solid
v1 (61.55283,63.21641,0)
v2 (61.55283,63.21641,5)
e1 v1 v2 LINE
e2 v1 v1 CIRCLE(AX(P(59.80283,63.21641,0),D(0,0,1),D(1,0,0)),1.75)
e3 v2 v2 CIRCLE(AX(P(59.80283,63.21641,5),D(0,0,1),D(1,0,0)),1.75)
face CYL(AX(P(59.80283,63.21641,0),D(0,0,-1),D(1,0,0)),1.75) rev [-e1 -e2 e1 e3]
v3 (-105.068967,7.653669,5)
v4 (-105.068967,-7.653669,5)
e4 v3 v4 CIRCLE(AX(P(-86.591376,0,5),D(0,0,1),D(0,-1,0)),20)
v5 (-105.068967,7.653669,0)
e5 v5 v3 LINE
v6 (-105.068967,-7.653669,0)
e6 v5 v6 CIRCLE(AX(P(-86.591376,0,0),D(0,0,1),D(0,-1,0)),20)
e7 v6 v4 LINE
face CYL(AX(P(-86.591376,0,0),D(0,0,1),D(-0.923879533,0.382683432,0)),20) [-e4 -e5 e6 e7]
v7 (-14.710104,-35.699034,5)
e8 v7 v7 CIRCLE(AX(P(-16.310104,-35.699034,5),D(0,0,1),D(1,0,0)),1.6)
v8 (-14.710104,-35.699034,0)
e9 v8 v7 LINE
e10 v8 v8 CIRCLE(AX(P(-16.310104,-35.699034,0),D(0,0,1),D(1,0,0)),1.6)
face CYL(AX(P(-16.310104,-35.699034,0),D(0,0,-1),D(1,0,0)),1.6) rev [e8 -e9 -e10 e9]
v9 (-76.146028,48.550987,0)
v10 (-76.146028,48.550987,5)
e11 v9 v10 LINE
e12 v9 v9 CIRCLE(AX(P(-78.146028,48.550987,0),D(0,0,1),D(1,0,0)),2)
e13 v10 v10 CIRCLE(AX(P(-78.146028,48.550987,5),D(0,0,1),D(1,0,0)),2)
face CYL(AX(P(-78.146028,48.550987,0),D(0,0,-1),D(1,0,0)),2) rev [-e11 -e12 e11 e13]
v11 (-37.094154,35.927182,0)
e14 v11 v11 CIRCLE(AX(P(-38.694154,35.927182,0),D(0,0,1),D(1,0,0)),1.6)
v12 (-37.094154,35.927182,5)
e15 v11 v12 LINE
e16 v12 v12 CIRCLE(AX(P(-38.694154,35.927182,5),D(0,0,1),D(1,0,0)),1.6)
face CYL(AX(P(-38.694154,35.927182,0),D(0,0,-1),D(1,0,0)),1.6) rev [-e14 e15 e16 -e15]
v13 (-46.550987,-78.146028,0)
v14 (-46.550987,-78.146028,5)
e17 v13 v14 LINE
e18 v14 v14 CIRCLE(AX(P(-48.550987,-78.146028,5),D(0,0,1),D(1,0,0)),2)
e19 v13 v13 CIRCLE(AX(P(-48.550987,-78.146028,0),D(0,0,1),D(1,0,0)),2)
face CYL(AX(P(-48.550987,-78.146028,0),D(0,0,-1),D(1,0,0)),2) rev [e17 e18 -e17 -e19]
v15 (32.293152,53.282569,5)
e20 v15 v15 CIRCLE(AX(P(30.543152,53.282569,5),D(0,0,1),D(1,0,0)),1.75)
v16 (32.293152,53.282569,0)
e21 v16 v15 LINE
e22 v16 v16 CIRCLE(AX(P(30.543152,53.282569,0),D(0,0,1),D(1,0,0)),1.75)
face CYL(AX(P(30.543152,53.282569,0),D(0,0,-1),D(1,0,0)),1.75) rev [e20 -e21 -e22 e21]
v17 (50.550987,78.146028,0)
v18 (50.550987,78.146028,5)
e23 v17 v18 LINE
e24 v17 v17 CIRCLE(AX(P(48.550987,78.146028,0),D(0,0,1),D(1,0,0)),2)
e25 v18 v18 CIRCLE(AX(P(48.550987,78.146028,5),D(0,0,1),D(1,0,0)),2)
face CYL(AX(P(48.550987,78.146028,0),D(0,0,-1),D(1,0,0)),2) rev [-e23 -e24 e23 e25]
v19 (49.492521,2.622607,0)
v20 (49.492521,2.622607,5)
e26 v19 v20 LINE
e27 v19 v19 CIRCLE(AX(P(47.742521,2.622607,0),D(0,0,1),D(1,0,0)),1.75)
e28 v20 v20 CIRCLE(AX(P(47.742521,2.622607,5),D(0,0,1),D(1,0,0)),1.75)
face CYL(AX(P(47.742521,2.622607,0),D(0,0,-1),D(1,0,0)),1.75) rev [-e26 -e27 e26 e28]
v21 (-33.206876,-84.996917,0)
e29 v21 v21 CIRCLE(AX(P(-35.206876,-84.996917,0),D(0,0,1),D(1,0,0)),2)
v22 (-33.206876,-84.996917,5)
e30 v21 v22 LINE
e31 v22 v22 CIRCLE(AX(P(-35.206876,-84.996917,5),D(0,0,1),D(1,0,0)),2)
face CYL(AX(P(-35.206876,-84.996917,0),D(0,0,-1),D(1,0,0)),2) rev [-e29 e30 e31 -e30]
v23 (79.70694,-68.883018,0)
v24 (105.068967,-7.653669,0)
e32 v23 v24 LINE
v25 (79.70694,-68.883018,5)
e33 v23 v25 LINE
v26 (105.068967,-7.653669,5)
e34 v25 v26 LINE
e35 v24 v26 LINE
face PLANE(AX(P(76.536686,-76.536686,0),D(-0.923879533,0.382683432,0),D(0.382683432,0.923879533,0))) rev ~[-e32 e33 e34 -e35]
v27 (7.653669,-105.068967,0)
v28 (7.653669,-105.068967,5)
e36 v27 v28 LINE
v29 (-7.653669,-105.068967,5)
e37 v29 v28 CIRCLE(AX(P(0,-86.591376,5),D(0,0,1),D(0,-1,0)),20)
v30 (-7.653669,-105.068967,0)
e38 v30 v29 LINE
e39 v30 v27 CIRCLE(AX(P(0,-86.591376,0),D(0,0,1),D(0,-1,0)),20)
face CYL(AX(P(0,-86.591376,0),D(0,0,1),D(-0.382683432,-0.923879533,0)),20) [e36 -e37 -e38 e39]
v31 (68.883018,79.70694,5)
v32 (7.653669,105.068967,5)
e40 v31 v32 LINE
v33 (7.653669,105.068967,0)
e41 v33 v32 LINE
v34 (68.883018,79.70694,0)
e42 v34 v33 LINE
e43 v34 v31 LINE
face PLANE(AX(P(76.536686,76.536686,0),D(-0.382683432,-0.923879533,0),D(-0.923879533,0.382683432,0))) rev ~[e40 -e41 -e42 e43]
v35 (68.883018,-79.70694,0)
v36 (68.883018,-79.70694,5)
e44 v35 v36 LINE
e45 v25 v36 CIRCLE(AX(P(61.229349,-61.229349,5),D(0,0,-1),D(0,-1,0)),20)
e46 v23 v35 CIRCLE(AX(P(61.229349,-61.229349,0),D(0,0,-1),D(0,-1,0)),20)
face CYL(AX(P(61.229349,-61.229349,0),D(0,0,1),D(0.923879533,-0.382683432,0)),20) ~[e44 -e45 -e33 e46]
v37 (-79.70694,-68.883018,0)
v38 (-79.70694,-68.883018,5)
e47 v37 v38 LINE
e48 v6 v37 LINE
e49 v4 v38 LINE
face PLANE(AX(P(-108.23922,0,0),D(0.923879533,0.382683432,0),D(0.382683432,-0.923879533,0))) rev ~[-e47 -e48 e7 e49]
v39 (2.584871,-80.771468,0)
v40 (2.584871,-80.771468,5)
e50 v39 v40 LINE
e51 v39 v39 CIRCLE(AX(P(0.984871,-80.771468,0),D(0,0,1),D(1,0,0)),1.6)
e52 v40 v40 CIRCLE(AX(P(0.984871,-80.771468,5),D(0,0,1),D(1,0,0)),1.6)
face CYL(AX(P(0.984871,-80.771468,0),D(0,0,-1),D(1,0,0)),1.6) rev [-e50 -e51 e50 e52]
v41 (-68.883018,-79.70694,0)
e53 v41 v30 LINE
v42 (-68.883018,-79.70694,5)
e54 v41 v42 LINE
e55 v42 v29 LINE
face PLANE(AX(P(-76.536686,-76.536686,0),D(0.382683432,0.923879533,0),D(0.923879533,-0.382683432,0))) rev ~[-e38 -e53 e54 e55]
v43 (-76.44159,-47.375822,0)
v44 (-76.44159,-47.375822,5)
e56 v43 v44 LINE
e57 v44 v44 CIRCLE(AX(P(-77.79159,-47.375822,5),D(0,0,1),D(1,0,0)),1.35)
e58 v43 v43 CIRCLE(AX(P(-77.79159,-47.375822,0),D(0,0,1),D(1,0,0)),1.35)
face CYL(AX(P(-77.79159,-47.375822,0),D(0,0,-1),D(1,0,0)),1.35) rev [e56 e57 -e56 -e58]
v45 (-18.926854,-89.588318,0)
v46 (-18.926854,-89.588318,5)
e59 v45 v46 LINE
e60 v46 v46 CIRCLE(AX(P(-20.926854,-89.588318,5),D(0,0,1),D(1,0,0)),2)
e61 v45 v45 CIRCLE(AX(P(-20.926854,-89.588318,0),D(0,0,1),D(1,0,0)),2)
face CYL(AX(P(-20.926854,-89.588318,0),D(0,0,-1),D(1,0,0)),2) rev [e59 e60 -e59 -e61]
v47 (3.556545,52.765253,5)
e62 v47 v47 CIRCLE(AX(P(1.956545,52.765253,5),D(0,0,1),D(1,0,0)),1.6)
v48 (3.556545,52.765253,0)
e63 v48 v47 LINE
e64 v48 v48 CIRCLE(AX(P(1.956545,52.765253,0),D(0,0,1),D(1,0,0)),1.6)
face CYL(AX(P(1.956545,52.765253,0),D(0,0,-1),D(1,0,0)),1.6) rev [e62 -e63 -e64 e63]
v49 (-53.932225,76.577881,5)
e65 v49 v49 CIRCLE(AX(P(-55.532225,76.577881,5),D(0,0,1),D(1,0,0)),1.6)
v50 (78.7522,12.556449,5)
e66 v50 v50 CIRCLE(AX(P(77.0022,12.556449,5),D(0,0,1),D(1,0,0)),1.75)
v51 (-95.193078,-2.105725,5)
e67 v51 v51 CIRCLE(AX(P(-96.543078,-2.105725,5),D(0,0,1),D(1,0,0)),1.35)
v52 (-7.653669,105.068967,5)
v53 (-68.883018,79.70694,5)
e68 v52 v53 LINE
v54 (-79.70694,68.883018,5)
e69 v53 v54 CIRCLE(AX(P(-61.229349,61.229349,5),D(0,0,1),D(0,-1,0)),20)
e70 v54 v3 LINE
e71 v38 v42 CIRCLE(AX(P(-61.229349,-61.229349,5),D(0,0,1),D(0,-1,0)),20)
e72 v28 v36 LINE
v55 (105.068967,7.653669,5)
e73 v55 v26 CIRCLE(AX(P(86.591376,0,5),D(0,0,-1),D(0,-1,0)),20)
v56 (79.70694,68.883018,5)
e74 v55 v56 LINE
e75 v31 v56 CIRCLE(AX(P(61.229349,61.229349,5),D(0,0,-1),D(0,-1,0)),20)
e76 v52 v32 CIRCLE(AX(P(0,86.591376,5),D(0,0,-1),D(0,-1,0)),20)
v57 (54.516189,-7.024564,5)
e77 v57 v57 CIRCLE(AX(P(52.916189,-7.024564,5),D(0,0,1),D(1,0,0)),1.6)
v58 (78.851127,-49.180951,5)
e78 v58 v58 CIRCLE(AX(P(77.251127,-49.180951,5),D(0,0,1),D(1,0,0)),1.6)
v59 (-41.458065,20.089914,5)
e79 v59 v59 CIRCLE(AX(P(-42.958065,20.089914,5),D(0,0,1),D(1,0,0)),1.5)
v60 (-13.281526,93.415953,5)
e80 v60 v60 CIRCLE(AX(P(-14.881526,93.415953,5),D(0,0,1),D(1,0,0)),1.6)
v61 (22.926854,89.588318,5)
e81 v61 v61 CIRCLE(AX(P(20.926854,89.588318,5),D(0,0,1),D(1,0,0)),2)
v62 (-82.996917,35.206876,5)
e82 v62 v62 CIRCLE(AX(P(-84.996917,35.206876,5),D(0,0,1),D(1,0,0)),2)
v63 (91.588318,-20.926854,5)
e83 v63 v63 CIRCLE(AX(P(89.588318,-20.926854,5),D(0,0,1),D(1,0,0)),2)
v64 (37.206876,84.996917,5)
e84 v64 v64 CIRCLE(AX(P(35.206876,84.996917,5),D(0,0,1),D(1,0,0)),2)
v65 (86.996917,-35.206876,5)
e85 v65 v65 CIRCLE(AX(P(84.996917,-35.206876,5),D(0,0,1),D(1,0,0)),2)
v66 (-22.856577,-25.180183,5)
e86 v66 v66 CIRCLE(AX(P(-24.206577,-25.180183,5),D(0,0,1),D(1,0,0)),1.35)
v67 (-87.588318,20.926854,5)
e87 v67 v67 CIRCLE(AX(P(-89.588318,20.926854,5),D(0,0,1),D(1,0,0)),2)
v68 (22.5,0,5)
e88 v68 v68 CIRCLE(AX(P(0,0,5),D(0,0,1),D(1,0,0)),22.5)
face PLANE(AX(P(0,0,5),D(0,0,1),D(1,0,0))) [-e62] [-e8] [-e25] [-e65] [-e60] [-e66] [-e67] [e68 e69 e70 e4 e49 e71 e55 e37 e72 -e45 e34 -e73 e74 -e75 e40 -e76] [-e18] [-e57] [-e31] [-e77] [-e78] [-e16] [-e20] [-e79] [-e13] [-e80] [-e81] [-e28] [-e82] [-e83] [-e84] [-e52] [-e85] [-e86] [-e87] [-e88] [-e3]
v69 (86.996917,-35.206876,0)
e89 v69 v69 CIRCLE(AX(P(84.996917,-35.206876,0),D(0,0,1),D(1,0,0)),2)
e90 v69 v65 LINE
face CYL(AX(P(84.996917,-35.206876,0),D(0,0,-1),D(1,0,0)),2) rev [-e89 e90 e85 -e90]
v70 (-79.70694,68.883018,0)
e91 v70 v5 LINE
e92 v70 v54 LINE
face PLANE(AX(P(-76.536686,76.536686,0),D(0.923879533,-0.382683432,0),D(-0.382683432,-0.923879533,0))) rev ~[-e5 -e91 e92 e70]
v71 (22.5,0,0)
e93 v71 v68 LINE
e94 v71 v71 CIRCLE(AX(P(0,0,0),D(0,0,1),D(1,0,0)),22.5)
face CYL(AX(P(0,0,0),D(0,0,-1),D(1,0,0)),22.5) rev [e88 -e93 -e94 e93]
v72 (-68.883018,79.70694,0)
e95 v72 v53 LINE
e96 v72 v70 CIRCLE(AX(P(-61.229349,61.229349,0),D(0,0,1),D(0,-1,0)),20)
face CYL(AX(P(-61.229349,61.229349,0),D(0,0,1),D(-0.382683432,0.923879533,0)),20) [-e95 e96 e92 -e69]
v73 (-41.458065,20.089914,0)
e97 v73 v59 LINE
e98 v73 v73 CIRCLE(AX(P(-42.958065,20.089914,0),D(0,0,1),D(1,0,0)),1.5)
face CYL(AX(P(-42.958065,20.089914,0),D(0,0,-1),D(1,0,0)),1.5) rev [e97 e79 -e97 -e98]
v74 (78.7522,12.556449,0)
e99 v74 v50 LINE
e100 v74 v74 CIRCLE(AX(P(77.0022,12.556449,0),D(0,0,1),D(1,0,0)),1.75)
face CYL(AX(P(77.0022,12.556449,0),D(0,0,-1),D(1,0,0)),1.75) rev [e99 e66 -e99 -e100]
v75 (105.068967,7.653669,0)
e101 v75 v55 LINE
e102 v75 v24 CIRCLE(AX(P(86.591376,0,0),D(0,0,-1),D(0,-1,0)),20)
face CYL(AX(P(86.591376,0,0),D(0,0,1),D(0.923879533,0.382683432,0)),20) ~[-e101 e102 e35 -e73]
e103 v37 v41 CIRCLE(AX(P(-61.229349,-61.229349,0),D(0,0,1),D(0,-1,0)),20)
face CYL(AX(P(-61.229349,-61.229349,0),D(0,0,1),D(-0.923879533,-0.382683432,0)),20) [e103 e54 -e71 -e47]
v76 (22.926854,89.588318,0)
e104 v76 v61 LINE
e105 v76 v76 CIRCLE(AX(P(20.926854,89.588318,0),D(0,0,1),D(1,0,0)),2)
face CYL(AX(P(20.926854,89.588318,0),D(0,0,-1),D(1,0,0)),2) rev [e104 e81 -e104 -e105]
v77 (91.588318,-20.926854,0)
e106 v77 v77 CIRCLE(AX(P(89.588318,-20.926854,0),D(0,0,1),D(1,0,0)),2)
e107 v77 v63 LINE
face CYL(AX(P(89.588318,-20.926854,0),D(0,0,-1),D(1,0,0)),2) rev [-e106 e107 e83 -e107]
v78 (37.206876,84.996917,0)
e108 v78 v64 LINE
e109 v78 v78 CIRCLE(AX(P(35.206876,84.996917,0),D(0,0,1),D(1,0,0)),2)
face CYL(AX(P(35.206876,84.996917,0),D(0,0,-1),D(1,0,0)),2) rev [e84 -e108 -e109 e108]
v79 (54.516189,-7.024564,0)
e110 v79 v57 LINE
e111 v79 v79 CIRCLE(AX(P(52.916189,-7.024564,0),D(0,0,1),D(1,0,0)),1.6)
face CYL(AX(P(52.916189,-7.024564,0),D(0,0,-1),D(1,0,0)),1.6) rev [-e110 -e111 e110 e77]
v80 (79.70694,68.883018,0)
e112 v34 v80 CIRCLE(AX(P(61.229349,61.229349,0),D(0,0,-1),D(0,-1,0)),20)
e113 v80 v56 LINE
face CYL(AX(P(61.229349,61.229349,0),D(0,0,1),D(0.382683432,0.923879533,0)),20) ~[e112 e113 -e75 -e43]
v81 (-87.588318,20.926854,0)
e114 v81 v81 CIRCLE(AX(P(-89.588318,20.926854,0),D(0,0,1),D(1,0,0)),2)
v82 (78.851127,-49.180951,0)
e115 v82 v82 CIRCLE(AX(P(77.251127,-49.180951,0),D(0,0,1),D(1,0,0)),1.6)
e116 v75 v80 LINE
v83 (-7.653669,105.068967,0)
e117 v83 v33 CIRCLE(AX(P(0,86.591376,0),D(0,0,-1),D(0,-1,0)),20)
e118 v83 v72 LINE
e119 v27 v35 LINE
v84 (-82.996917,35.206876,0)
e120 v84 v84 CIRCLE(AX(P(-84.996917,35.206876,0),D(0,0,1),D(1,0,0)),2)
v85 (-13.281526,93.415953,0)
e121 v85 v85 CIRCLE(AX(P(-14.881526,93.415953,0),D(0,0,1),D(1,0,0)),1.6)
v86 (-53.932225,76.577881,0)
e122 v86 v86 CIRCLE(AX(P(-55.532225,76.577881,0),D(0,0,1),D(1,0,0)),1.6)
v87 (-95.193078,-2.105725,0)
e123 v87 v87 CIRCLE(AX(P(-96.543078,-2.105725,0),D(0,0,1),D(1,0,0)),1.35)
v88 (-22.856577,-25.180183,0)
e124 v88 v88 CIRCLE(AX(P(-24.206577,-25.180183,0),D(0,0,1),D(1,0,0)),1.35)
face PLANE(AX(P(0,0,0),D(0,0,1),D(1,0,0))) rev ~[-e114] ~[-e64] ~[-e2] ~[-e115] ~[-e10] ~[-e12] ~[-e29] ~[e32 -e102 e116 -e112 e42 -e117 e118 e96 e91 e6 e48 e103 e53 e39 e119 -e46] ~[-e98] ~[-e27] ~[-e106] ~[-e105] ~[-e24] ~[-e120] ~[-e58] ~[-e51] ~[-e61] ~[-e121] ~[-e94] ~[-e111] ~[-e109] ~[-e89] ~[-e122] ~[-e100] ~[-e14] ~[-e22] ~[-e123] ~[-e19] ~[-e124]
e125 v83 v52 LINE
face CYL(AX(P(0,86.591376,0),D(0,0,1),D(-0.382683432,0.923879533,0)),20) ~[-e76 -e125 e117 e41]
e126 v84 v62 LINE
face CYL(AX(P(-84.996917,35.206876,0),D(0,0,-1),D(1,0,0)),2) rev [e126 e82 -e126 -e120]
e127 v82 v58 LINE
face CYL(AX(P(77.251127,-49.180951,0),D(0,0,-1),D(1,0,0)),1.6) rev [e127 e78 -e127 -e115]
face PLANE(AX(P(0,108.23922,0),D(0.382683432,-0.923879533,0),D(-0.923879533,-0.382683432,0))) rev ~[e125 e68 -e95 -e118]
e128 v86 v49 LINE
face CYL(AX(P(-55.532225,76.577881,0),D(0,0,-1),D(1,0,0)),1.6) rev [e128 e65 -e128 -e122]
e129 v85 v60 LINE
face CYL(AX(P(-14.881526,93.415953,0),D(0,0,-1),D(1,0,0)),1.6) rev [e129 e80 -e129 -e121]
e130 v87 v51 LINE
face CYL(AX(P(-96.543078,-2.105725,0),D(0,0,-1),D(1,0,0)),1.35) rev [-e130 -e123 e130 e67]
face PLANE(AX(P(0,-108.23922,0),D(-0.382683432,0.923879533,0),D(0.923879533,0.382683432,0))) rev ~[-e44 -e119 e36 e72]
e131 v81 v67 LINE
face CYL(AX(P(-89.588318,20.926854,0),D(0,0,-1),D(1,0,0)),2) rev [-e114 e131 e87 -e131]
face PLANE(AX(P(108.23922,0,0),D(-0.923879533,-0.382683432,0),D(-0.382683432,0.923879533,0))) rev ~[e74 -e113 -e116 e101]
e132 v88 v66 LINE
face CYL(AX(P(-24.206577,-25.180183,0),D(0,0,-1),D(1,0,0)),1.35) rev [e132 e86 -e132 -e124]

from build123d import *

# Parameters (mm, degrees)
SKETCH_1_R      = 1.6
SKETCH_1_R_2    = 2
SKETCH_1_R_3    = 22.5
SKETCH_1_R_4    = 1.75
SKETCH_1_R_5    = 1.35
SKETCH_1_R_6    = 1.5
EXTRUDE_1_DEPTH = 5
FILLET_1_R      = 20


with BuildPart() as part:
    # 草图1 → 凸台-拉伸1 (new body)
    with BuildSketch(Plane.XY):
        Polygon((0, 108.239220029), (-76.536686473, 76.536686473), (-108.239220029, 0), (-76.536686473, -76.536686473), (0, -108.239220029), (76.536686473, -76.536686473), (108.239220029, 0), (76.536686473, 76.536686473), align=None)
        with Locations((0.984871452, -80.771467909)):
            Circle(SKETCH_1_R, mode=Mode.SUBTRACT)
        with Locations((77.251126861, -49.180950568)):
            Circle(SKETCH_1_R, mode=Mode.SUBTRACT)
        with Locations((-35.206875778, -84.996916991)):
            Circle(SKETCH_1_R_2, mode=Mode.SUBTRACT)
        with Locations((84.996916991, -35.206875778)):
            Circle(SKETCH_1_R_2, mode=Mode.SUBTRACT)
        with Locations((35.206875778, 84.996916991)):
            Circle(SKETCH_1_R_2, mode=Mode.SUBTRACT)
        with Locations((-84.996916991, 35.206875778)):
            Circle(SKETCH_1_R_2, mode=Mode.SUBTRACT)
        with Locations((-16.310103988, -35.699033711)):
            Circle(SKETCH_1_R, mode=Mode.SUBTRACT)
        with Locations((52.916189383, -7.024564124)):
            Circle(SKETCH_1_R, mode=Mode.SUBTRACT)
        Circle(SKETCH_1_R_3, mode=Mode.SUBTRACT)
        with Locations((-55.532225493, 76.577881479)):
            Circle(SKETCH_1_R, mode=Mode.SUBTRACT)
        with Locations((-38.694154469, 35.927182049)):
            Circle(SKETCH_1_R, mode=Mode.SUBTRACT)
        with Locations((1.956544962, 52.765253073)):
            Circle(SKETCH_1_R, mode=Mode.SUBTRACT)
        with Locations((-14.881526062, 93.415952503)):
            Circle(SKETCH_1_R, mode=Mode.SUBTRACT)
        with Locations((89.588318422, -20.926853617)):
            Circle(SKETCH_1_R_2, mode=Mode.SUBTRACT)
        with Locations((-20.926853617, -89.588318422)):
            Circle(SKETCH_1_R_2, mode=Mode.SUBTRACT)
        with Locations((-89.588318422, 20.926853617)):
            Circle(SKETCH_1_R_2, mode=Mode.SUBTRACT)
        with Locations((20.926853617, 89.588318422)):
            Circle(SKETCH_1_R_2, mode=Mode.SUBTRACT)
        with Locations((30.543151662, 53.28256885)):
            Circle(SKETCH_1_R_4, mode=Mode.SUBTRACT)
        with Locations((59.802830282, 63.216410356)):
            Circle(SKETCH_1_R_4, mode=Mode.SUBTRACT)
        with Locations((47.742521261, 2.622607486)):
            Circle(SKETCH_1_R_4, mode=Mode.SUBTRACT)
        with Locations((77.002199881, 12.556448992)):
            Circle(SKETCH_1_R_4, mode=Mode.SUBTRACT)
        with Locations((-96.543078059, -2.105725275)):
            Circle(SKETCH_1_R_5, mode=Mode.SUBTRACT)
        with Locations((-77.791589873, -47.375822368)):
            Circle(SKETCH_1_R_5, mode=Mode.SUBTRACT)
        with Locations((-42.958065173, 20.089913802)):
            Circle(SKETCH_1_R_6, mode=Mode.SUBTRACT)
        with Locations((-24.206576987, -25.180183291)):
            Circle(SKETCH_1_R_5, mode=Mode.SUBTRACT)
        with Locations((-48.55098737, -78.146027573)):
            Circle(SKETCH_1_R_2, mode=Mode.SUBTRACT)
        with Locations((-78.146027573, 48.55098737)):
            Circle(SKETCH_1_R_2, mode=Mode.SUBTRACT)
        with Locations((48.55098737, 78.146027573)):
            Circle(SKETCH_1_R_2, mode=Mode.SUBTRACT)
    extrude(amount=EXTRUDE_1_DEPTH)

    # 圆角1
    fillet_1_edges = [part.edges().sort_by_distance(p)[0] for p in [
        (76.536686473, 76.536686473, 2.5),
        (108.239220029, 0, 2.5),
        (76.536686473, -76.536686473, 2.5),
        (0, -108.239220029, 2.5),
        (-76.536686473, -76.536686473, 2.5),
        (-108.239220029, 0, 2.5),
        (-76.536686473, 76.536686473, 2.5),
        (0, 108.239220029, 2.5),
    ]]
    fillet(fillet_1_edges, radius=FILLET_1_R)


solid = part.part
